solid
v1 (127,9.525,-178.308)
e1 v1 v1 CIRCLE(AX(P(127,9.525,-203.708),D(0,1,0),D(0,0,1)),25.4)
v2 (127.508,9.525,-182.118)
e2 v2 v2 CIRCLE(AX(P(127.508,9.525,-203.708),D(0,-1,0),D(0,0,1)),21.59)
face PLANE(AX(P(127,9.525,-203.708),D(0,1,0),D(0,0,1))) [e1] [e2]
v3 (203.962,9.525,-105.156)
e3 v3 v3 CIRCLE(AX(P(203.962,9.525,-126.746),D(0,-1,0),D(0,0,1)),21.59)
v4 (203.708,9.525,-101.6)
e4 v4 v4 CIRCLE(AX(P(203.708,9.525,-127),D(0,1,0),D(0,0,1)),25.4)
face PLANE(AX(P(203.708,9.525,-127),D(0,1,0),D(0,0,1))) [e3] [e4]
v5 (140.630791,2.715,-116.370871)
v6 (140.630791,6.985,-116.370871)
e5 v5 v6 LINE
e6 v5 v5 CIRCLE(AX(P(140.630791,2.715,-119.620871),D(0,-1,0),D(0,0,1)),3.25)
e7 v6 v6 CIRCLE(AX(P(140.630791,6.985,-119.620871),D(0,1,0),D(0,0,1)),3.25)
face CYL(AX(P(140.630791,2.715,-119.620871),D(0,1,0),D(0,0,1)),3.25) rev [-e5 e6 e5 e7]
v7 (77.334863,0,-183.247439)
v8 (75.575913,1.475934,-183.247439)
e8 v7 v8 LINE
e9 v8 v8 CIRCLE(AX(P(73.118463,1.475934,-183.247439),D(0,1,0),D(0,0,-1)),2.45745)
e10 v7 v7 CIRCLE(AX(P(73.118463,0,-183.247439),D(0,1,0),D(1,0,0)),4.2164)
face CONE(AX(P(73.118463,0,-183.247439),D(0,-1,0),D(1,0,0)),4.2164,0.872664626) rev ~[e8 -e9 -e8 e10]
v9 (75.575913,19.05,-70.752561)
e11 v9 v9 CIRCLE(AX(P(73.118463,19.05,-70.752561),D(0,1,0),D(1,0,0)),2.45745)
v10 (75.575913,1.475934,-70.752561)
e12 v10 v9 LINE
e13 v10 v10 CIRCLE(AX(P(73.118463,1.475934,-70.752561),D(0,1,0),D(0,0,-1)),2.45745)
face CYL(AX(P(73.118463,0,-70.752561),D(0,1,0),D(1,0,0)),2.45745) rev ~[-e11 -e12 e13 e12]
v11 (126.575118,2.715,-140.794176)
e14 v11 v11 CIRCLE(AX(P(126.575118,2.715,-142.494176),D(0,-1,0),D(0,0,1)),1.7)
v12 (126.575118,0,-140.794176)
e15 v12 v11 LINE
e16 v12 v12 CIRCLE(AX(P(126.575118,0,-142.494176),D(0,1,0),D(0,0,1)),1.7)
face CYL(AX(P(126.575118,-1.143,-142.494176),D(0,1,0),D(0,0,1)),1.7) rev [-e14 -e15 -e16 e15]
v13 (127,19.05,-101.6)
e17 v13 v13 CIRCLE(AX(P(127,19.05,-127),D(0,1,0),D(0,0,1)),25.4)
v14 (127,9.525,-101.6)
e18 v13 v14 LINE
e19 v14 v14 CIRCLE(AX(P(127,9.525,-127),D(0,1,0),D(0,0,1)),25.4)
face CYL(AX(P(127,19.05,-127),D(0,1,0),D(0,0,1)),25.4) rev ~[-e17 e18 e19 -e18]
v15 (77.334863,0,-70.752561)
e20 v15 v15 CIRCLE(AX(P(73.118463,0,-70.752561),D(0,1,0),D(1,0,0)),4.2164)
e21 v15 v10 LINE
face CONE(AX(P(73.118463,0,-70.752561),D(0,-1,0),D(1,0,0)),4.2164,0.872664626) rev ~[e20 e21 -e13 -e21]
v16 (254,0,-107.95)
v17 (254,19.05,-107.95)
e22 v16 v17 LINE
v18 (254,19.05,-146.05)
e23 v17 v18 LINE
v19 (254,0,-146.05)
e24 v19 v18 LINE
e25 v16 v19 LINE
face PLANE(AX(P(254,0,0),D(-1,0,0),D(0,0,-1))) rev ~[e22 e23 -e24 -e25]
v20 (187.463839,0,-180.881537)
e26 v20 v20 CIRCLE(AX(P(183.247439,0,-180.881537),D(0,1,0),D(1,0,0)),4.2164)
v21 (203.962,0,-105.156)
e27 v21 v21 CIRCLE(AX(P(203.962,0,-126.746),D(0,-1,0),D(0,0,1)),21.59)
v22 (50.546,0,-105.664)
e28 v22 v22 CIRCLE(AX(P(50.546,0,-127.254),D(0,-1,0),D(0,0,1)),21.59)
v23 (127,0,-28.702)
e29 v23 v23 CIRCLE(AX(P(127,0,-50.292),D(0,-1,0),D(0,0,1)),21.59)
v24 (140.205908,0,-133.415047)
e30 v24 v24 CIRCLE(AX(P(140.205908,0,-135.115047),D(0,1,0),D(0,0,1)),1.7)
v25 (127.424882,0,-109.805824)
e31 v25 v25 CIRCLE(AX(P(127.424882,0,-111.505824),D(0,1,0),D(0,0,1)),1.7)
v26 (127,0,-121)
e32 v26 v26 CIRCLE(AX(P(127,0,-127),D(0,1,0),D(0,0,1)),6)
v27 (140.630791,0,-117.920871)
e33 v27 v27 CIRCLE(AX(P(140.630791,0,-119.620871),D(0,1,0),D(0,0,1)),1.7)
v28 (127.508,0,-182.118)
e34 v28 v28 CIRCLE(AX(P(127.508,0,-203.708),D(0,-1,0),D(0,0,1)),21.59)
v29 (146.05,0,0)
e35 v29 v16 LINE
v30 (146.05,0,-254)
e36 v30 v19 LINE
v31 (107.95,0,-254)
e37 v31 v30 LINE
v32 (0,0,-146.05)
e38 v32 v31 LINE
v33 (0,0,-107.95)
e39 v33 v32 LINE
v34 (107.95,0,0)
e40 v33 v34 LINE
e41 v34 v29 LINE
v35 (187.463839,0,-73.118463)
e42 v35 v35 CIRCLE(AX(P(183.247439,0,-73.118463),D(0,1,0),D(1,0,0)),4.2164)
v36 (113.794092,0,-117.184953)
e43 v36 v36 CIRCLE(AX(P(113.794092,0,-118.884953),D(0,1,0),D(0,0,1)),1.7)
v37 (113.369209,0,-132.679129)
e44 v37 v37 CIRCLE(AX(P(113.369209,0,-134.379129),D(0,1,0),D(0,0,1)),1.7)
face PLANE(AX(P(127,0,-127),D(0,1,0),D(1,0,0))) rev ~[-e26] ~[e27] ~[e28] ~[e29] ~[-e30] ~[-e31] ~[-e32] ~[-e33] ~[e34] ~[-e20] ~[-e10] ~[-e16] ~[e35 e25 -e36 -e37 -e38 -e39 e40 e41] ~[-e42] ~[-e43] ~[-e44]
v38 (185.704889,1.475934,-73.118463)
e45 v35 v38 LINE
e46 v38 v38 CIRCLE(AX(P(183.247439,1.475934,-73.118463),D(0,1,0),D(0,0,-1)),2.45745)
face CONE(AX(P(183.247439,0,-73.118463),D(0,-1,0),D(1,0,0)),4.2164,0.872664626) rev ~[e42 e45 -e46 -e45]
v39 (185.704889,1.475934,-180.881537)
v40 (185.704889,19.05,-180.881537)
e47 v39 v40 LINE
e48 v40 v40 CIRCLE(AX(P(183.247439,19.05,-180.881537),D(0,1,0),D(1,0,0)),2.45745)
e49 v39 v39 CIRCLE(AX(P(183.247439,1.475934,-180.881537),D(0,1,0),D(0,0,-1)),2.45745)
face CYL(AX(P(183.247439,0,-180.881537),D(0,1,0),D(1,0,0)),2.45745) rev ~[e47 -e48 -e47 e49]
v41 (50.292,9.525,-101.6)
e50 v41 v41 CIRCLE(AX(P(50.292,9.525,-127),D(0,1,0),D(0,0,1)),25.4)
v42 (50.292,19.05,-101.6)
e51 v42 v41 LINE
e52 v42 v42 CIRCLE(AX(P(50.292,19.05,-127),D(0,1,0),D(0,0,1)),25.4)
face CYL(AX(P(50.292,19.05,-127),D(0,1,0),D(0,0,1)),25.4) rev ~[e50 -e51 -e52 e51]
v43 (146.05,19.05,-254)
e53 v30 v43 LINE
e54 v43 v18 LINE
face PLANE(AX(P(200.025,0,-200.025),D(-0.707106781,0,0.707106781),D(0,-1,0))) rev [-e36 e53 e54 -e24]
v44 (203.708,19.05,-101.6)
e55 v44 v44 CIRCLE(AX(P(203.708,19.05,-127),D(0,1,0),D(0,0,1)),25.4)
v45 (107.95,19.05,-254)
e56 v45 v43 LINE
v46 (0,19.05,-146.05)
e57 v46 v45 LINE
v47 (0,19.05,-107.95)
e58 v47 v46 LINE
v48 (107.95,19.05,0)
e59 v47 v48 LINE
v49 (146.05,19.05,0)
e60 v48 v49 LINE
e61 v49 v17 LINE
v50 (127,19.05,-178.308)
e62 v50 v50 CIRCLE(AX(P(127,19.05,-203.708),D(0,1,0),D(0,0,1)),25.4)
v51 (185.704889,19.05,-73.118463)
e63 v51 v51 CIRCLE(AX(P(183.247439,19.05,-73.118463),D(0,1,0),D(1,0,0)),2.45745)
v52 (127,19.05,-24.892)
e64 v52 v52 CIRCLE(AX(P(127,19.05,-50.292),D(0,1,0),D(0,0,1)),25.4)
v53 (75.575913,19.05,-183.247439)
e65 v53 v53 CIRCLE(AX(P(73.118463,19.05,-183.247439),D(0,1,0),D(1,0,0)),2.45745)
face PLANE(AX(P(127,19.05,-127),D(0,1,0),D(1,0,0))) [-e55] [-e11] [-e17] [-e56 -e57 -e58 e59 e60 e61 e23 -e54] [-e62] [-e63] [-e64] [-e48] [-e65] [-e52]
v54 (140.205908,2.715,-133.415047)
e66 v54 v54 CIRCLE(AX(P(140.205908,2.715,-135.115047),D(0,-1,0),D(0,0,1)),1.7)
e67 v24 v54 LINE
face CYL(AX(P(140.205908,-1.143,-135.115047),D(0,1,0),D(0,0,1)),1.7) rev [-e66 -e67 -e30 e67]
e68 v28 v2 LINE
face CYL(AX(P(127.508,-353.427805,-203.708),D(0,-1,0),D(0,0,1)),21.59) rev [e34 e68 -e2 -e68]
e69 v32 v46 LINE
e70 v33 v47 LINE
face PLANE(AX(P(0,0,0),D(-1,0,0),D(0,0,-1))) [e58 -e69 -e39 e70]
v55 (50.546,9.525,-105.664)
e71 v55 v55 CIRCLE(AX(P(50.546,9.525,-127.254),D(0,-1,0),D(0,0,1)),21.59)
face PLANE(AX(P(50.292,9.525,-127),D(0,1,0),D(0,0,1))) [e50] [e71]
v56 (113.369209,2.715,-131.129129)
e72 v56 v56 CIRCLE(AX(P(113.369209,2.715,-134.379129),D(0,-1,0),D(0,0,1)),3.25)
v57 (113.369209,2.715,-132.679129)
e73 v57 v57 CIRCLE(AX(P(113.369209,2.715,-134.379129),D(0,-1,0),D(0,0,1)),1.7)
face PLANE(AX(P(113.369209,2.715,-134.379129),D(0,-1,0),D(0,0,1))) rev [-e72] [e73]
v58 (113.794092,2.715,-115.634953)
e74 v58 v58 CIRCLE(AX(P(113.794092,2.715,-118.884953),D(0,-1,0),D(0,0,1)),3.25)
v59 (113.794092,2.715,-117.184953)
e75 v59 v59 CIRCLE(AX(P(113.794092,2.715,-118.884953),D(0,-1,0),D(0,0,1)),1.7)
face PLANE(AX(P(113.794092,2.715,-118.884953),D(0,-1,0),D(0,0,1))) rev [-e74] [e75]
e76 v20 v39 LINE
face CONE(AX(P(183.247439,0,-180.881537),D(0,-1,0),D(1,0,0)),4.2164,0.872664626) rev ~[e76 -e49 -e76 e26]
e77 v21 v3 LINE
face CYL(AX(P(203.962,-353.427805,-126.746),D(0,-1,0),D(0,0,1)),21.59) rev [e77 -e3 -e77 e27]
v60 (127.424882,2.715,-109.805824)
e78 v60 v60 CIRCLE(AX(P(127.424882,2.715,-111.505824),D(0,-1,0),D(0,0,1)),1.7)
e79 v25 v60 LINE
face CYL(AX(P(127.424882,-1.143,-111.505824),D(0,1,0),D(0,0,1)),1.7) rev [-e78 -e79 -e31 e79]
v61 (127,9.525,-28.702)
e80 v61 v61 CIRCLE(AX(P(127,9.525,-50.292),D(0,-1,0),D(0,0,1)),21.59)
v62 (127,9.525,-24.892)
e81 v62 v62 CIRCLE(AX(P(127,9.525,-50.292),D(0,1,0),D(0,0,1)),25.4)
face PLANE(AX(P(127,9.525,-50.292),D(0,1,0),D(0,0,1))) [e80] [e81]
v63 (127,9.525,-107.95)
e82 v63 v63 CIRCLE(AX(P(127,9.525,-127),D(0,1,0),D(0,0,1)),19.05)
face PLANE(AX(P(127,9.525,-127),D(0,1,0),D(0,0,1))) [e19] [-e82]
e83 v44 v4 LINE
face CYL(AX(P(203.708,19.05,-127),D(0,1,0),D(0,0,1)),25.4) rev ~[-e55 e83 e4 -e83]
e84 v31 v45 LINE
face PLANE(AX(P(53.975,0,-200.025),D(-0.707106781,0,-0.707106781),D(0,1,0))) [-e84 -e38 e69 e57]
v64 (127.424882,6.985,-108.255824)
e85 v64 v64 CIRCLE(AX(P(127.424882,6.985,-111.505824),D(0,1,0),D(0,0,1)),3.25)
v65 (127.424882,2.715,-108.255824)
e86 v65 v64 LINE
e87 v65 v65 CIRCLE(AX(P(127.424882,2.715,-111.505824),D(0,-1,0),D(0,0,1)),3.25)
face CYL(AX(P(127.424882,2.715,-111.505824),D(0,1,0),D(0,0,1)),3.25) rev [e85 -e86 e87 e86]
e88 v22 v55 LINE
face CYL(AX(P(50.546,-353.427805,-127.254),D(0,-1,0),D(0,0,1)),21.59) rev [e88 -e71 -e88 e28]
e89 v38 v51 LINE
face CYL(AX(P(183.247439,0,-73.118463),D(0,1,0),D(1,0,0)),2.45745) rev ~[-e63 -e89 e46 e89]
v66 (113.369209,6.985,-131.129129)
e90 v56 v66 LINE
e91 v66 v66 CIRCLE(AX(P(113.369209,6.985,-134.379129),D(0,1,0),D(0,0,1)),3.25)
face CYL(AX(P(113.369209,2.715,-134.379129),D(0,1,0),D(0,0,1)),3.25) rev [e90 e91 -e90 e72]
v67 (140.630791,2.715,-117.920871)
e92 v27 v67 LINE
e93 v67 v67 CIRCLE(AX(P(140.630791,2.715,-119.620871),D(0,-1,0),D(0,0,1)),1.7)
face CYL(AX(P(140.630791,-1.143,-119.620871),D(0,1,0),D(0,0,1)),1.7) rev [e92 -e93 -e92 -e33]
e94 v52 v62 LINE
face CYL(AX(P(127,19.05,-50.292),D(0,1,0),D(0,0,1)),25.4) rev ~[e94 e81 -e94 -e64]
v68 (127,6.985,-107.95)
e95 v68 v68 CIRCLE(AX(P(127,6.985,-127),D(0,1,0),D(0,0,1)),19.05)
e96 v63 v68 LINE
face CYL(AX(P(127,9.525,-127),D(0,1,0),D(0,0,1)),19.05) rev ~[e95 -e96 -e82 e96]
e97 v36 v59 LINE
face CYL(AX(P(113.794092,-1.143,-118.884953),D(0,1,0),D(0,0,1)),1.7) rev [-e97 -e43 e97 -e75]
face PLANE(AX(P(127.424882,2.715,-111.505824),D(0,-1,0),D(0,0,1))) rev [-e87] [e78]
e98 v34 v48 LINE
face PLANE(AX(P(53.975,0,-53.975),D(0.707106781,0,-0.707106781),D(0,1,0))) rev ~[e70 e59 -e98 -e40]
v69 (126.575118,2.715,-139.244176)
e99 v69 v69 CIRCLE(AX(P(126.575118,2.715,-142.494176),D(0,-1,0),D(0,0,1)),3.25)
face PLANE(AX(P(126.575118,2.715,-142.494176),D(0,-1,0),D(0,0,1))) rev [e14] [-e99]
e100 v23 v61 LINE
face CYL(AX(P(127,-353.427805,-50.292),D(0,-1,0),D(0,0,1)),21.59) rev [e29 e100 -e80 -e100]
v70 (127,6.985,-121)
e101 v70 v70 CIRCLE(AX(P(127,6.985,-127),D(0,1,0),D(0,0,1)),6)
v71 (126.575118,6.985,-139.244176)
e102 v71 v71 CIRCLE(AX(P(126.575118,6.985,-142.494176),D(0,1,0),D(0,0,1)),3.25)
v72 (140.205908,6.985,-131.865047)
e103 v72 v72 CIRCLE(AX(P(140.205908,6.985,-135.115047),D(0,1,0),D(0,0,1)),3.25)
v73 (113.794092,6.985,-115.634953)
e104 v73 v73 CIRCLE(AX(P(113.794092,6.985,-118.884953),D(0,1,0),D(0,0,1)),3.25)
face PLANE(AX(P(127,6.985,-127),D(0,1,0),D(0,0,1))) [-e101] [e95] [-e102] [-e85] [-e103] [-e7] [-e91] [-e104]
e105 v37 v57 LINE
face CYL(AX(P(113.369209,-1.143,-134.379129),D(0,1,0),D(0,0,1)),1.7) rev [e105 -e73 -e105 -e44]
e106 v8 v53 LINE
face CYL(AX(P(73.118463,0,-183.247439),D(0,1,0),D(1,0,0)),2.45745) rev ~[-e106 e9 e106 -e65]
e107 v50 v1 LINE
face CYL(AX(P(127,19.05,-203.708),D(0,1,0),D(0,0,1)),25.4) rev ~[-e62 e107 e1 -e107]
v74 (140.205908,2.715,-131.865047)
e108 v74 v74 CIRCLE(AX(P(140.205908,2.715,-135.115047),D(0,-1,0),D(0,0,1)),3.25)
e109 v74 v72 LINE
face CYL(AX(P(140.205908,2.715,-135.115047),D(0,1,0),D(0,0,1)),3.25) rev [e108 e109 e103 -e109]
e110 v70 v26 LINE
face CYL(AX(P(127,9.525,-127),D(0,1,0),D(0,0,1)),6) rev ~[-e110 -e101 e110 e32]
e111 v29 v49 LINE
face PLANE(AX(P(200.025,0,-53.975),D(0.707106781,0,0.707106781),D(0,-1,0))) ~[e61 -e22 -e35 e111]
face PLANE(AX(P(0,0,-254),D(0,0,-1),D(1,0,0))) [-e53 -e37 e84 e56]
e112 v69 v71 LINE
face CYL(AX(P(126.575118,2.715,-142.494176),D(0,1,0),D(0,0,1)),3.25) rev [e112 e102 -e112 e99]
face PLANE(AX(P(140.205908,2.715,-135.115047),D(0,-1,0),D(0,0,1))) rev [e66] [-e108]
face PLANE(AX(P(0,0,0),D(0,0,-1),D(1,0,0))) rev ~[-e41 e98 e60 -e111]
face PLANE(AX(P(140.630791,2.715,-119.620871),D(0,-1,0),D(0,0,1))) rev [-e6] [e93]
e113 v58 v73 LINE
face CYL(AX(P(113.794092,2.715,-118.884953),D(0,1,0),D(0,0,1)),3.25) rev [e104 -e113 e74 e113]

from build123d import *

# Parameters (mm, degrees)
SKETCH1_W                                         = 254
SKETCH1_H                                         = 254
BOSS_EXTRUDE1_DEPTH                               = 19.05
SKETCH2_R                                         = 25.4
CUT_EXTRUDE1_DEPTH                                = 9.525
SKETCH3_R                                         = 5.999999938
CUT_EXTRUDE2_DEPTH                                = 360.336507504
CBORE_FOR_M3_SHCS1_AT_2_COUNT                     = 2
CBORE_FOR_M3_SHCS1_AT_2_PITCH                     = 15.5
CBORE_FOR_M3_SHCS1_AT_3_COUNT                     = 2
CBORE_FOR_M3_SHCS1_AT_3_PITCH                     = 26.846787517
CBORE_FOR_M3_SHCS1_AT_4_COUNT                     = 2
CBORE_FOR_M3_SHCS1_AT_4_PITCH                     = 31
CBORE_FOR_M3_SHCS1_AT_5_COUNT                     = 2
CBORE_FOR_M3_SHCS1_AT_5_PITCH                     = 26.846787517
CBORE_FOR_M3_SHCS1_AT_6_COUNT                     = 2
CBORE_FOR_M3_SHCS1_AT_6_PITCH                     = 15.5
SKETCH6_R                                         = 19.05
CUT_EXTRUDE3_DEPTH                                = 2.54
SKETCH7_R                                         = 19.05
CUT_EXTRUDE4_DEPTH                                = 2.54
FILLET1_SIZE                                      = 107.95
CSK_FOR_8_FLAT_HEAD_MACHINE_SCREW_100_D           = 4.9149
CSK_FOR_8_FLAT_HEAD_MACHINE_SCREW_100_CSINK_D     = 8.4328
CSK_FOR_8_FLAT_HEAD_MACHINE_SCREW_100_CSINK_ANGLE = 100
CUT_EXTRUDE6_DEPTH                                = 360.412804759
CUT_EXTRUDE6_DEPTH_BACK                           = 360.412804759
SKETCH14_R                                        = 21.59


with BuildPart() as part:
    # Sketch1 → Boss-Extrude1 (new body)
    with BuildSketch(Plane(origin=(0, 0, 0), x_dir=(1, 0, 0), z_dir=(0, 1, 0))):
        with Locations((127, 127)):
            Rectangle(SKETCH1_W, SKETCH1_H)
    extrude(amount=BOSS_EXTRUDE1_DEPTH)

    # Sketch2 → Cut-Extrude1 (cut)
    with BuildSketch(Plane(origin=(0, 19.05, 0), x_dir=(1, 0, 0), z_dir=(0, 1, 0))):
        with Locations(Location((50.292, 127, 0), (0, 0, 270))):
            Circle(SKETCH2_R)
        with Locations(Location((127, 50.292, 0), (0, 0, 270))):
            Circle(SKETCH2_R)
        with Locations(Location((127, 127, 0), (0, 0, 270))):
            Circle(SKETCH2_R)
        with Locations(Location((203.708, 127, 0), (0, 0, 270))):
            Circle(SKETCH2_R)
        with Locations(Location((127, 203.708, 0), (0, 0, 270))):
            Circle(SKETCH2_R)
    extrude(amount=-CUT_EXTRUDE1_DEPTH, mode=Mode.SUBTRACT)

    # Sketch3 → Cut-Extrude2 (cut, through all)
    with BuildSketch(Plane(origin=(0, 9.525, 0), x_dir=(1, 0, 0), z_dir=(0, 1, 0))):
        with Locations(Location((127, 127, 0), (0, 0, 270))):
            Circle(SKETCH3_R)
    extrude(amount=-CUT_EXTRUDE2_DEPTH, mode=Mode.SUBTRACT)

    # Sketch5 → CBORE for M3 SHCS1 (revolve, cut)
    with BuildSketch(Plane(origin=(127.424882459, 9.525, -111.505824485), x_dir=(0, 0, 1), z_dir=(1, 0, 0))):
        Polygon((0, 0), (0, 11.689463052), (1.7, 10.668), (1.7, 6.81), (3.25, 6.81), (3.25, 0.025), (3.275, 0), align=None)
    cbore_for_m3_shcs1 = revolve(axis=Axis((127.424882459, 15.875, -111.505824485), (0, -1, 0)), mode=Mode.SUBTRACT)

    # CBORE for M3 SHCS1 at 2: CBORE for M3 SHCS1 ×2
    with Locations(*[Vector(-0.8794058604138406, 0, -0.47607282286410013) * (i * CBORE_FOR_M3_SHCS1_AT_2_PITCH) for i in range(1, CBORE_FOR_M3_SHCS1_AT_2_COUNT)]):
        add(cbore_for_m3_shcs1, mode=Mode.SUBTRACT)

    # CBORE for M3 SHCS1 at 3: CBORE for M3 SHCS1 ×2
    with Locations(*[Vector(-0.5235514039232533, 0, -0.8519940888585968) * (i * CBORE_FOR_M3_SHCS1_AT_3_PITCH) for i in range(1, CBORE_FOR_M3_SHCS1_AT_3_COUNT)]):
        add(cbore_for_m3_shcs1, mode=Mode.SUBTRACT)

    # CBORE for M3 SHCS1 at 4: CBORE for M3 SHCS1 ×2
    with Locations(*[Vector(-0.027411771555246985, 0, -0.9996242267873479) * (i * CBORE_FOR_M3_SHCS1_AT_4_PITCH) for i in range(1, CBORE_FOR_M3_SHCS1_AT_4_COUNT)]):
        add(cbore_for_m3_shcs1, mode=Mode.SUBTRACT)

    # CBORE for M3 SHCS1 at 5: CBORE for M3 SHCS1 ×2
    with Locations(*[Vector(0.47607282286409475, 0, -0.8794058604138435) * (i * CBORE_FOR_M3_SHCS1_AT_5_PITCH) for i in range(1, CBORE_FOR_M3_SHCS1_AT_5_COUNT)]):
        add(cbore_for_m3_shcs1, mode=Mode.SUBTRACT)

    # CBORE for M3 SHCS1 at 6: CBORE for M3 SHCS1 ×2
    with Locations(*[Vector(0.8519940888585981, 0, -0.5235514039232514) * (i * CBORE_FOR_M3_SHCS1_AT_6_PITCH) for i in range(1, CBORE_FOR_M3_SHCS1_AT_6_COUNT)]):
        add(cbore_for_m3_shcs1, mode=Mode.SUBTRACT)

    # Sketch6 → Cut-Extrude3 (cut)
    with BuildSketch(Plane(origin=(0, 9.525, 0), x_dir=(1, 0, 0), z_dir=(0, 1, 0))):
        with Locations(Location((127, 50.292, 0), (0, 0, 270))):
            Circle(SKETCH6_R)
        with Locations(Location((50.546, 127.254, 0), (0, 0, 270))):
            Circle(SKETCH6_R)
        with Locations(Location((127.508, 203.708, 0), (0, 0, 270))):
            Circle(SKETCH6_R)
        with Locations(Location((203.962, 126.746, 0), (0, 0, 270))):
            Circle(SKETCH6_R)
    extrude(amount=-CUT_EXTRUDE3_DEPTH, mode=Mode.SUBTRACT)

    # Sketch7 → Cut-Extrude4 (cut)
    with BuildSketch(Plane(origin=(0, 9.525, 0), x_dir=(1, 0, 0), z_dir=(0, 1, 0))):
        with Locations(Location((127, 127, 0), (0, 0, 270))):
            Circle(SKETCH7_R)
    extrude(amount=-CUT_EXTRUDE4_DEPTH, mode=Mode.SUBTRACT)

    # Fillet1
    fillet1_edges = [part.edges().sort_by_distance(p)[0] for p in [
        (0, 9.525, -254),
        (254, 9.525, -254),
        (254, 9.525, 0),
        (0, 9.525, 0),
    ]]
    chamfer(fillet1_edges, length=FILLET1_SIZE)

    # CSK for #8 Flat Head Machine Screw (100)2 (through all)
    with Locations(Plane(origin=(0, 0, 0), x_dir=(-1, 0, 0), z_dir=(0, -1, 0))):
        with Locations((-183.247438789, 73.118463274), (-73.118463274, 70.752561211), (-183.247438789, 180.881536726), (-73.118463274, 183.247438789)):
            CounterSinkHole(CSK_FOR_8_FLAT_HEAD_MACHINE_SCREW_100_D / 2, CSK_FOR_8_FLAT_HEAD_MACHINE_SCREW_100_CSINK_D / 2, counter_sink_angle=CSK_FOR_8_FLAT_HEAD_MACHINE_SCREW_100_CSINK_ANGLE)

    # Sketch14 → Cut-Extrude6 (cut, two sides: drawn at the far end of the back side and taken through both)
    with BuildSketch(Plane(origin=(0, 6.985, 0), x_dir=(1, 0, 0), z_dir=(0, 1, 0)).offset(-CUT_EXTRUDE6_DEPTH_BACK)):
        with Locations(Location((127, 50.292, 0), (0, 0, 270))):
            Circle(SKETCH14_R)
        with Locations(Location((203.962, 126.746, 0), (0, 0, 270))):
            Circle(SKETCH14_R)
        with Locations(Location((127.508, 203.708, 0), (0, 0, 270))):
            Circle(SKETCH14_R)
        with Locations(Location((50.546, 127.254, 0), (0, 0, 270))):
            Circle(SKETCH14_R)
    extrude(amount=CUT_EXTRUDE6_DEPTH + CUT_EXTRUDE6_DEPTH_BACK, mode=Mode.SUBTRACT)


solid = part.part
